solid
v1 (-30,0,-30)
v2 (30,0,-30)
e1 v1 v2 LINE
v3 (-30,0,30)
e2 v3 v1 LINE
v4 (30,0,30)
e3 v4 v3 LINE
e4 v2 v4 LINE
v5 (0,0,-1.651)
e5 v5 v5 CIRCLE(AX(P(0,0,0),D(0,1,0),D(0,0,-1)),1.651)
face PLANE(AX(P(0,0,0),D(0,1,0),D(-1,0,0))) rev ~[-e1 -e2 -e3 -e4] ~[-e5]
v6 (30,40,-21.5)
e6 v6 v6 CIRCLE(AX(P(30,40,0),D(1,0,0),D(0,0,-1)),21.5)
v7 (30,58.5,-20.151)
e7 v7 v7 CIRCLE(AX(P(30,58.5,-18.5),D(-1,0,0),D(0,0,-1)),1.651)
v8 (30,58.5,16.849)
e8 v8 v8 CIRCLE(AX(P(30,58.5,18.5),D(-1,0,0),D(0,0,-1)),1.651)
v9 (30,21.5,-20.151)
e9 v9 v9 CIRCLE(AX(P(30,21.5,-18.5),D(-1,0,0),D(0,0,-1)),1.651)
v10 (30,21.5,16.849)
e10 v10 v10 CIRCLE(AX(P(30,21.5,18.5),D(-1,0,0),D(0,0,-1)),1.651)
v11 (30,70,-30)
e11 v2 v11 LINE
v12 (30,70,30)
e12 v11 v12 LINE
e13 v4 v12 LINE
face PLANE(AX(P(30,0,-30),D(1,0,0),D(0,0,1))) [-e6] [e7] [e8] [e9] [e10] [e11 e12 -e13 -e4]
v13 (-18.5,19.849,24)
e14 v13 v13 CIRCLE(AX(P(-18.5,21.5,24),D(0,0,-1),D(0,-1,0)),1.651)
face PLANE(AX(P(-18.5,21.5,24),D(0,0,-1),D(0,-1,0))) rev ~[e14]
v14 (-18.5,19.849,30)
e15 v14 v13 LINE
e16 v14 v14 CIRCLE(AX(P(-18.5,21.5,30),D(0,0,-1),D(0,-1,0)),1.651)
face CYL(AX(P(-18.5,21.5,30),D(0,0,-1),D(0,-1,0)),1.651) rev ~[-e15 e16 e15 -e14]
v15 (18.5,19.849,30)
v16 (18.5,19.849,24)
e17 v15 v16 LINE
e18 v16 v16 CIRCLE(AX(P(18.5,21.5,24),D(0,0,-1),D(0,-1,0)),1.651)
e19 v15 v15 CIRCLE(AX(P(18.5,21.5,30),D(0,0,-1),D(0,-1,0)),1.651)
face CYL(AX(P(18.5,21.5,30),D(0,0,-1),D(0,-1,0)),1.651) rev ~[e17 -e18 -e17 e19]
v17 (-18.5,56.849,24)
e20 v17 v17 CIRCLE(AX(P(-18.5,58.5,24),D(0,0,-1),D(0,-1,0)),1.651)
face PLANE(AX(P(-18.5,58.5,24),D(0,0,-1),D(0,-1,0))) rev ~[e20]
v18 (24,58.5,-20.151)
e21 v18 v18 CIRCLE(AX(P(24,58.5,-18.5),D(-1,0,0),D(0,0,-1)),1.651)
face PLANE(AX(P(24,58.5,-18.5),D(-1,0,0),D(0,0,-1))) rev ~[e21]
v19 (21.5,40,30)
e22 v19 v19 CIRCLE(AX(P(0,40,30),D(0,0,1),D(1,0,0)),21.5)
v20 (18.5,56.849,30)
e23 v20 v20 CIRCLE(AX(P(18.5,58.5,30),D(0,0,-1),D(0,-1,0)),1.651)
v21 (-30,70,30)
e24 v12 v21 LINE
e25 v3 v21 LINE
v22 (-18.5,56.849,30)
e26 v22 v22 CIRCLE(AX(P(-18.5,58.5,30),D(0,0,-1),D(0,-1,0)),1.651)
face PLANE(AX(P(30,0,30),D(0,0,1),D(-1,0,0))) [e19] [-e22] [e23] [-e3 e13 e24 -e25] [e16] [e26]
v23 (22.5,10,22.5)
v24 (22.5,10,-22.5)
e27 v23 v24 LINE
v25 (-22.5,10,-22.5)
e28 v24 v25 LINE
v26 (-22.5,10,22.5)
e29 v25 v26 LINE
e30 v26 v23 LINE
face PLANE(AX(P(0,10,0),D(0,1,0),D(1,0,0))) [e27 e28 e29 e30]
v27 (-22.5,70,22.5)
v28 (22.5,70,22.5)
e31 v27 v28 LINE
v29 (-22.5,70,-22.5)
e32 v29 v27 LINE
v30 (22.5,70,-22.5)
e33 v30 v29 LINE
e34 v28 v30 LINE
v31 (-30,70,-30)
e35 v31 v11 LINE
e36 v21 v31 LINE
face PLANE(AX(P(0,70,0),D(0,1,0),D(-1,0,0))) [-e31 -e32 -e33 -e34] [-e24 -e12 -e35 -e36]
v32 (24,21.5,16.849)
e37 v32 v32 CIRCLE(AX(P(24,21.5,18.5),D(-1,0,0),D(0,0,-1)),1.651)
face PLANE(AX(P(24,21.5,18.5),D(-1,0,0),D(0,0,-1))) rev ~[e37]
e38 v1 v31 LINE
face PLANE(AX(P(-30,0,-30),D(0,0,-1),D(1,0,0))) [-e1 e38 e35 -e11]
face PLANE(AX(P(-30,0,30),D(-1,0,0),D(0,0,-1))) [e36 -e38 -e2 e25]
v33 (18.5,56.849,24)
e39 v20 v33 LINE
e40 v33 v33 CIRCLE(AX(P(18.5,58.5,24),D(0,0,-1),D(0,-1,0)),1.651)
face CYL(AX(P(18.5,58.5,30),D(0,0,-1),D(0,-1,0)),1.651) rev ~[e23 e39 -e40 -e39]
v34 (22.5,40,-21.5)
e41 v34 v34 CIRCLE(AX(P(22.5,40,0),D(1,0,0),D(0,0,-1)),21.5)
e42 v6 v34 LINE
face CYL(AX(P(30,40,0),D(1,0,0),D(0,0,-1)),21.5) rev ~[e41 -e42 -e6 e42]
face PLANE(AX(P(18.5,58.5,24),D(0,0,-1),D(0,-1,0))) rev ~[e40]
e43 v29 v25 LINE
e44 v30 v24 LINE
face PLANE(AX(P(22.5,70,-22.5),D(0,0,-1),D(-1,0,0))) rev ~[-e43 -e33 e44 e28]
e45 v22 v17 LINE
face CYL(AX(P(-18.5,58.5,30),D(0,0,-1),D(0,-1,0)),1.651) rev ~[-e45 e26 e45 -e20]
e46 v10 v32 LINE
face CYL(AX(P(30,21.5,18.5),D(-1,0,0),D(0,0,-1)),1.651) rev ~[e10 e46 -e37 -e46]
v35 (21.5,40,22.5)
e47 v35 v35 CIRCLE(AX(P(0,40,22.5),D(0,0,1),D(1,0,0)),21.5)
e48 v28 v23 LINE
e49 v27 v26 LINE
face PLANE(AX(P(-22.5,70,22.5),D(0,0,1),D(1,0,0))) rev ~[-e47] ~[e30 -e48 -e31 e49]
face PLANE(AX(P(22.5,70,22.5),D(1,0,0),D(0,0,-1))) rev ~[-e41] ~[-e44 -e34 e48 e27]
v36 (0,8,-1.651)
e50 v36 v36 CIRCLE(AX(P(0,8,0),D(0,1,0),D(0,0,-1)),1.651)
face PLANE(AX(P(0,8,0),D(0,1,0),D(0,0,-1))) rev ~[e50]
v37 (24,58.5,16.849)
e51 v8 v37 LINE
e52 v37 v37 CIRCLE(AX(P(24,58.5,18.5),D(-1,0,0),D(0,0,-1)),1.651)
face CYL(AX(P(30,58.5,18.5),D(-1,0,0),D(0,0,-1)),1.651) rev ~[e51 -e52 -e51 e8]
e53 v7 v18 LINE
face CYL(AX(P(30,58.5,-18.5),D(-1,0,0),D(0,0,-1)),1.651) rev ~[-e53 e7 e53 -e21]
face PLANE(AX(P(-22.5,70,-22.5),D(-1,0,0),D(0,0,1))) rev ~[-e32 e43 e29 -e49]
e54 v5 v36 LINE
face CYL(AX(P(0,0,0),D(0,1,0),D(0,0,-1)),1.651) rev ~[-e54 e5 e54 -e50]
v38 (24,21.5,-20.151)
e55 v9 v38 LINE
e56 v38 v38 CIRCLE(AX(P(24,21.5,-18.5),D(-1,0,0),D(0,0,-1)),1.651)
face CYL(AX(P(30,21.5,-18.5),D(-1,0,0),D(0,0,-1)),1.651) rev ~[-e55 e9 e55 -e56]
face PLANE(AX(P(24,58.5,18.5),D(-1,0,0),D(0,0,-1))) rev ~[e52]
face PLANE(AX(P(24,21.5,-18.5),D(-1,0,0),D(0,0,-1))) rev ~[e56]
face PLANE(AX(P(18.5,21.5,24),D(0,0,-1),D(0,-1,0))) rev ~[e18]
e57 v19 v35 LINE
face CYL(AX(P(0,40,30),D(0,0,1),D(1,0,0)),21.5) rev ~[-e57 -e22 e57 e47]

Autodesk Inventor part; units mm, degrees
ref_plane "YZ Plane" through (0, 0, 0) normal (1, 0, 0) x (0, 1, 0)
ref_plane "XZ Plane" through (0, 0, 0) normal (0, 1, 0) x (-1, 0, 0)
ref_plane "XY Plane" through (0, 0, 0) normal (0, 0, 1) x (1, 0, 0)
sketch "Sketch1" plane through (0, 0, 0) normal (0, 1, 0) x (-1, 0, 0)
  line L0 (-30, 30) -> (30, 30)
  line L1 (30, 30) -> (30, -30)
  line L2 (30, -30) -> (-30, -30)
  line L3 (-30, -30) -> (-30, 30)
  line L4 (-30, 30) -> (30, -30) construction
  line L5 (30, 30) -> (-30, -30) construction
  point P0 (0, 0)
  dimension "d0" = 60
  dimension "d1" = 60
extrude "Extrusion1" add sketch "Sketch1" along normal blind 70
sketch "Sketch2" plane through (0, 70, 0) normal (0, 1, 0) x (1, 0, 0)
  line L0 (22.5, 22.5) -> (-22.5, 22.5)
  line L1 (-22.5, 22.5) -> (-22.5, -22.5)
  line L2 (-22.5, -22.5) -> (22.5, -22.5)
  line L3 (22.5, -22.5) -> (22.5, 22.5)
  line L4 (22.5, 22.5) -> (-22.5, -22.5) construction
  line L5 (-22.5, 22.5) -> (22.5, -22.5) construction
  point P0 (0, 0)
  dimension "d4" = 45
  dimension "d5" = 45
extrude "Extrusion2" cut sketch "Sketch2" against normal blind 60
sketch "Sketch3" plane through (-30, 0, 30) normal (0, 0, 1) x (1, 0, 0)
  circle A0 centre (30, 40) radius 21.5
  point P0 (30, 0)
  dimension "d8" = 43
extrude "Extrusion3" cut sketch "Sketch3" against normal blind 15
sketch "Sketch4" plane through (30, 0, 30) normal (1, 0, 0) x (0, 0, -1)
  circle A0 centre (30, 40) radius 21.5
  point P0 (30, 0)
  dimension "d11" = 43
extrude "Extrusion4" cut sketch "Sketch4" against normal blind 15
sketch "Sketch5" plane through (0, 0, 0) normal (0, -1, 0) x (1, 0, 0)
  point P0 (0, 0)
  point P1 (0, 0)
hole "Hole1" at (0, 0, 0) direction (0, 1, 0) diameter 3.302 depth 8 thread size "8-32 UNC" class "2B" standard "ANSI Unified Screw Threads"
sketch "Sketch7" plane through (-30, 0, 30) normal (0, 0, 1) x (1, 0, 0)
  line L0 (11.5, 21.5) -> (48.5, 21.5)
  line L1 (48.5, 21.5) -> (48.5, 58.5)
  line L2 (48.5, 58.5) -> (11.5, 58.5)
  line L3 (11.5, 58.5) -> (11.5, 21.5)
  line L4 (11.5, 21.5) -> (48.5, 58.5) construction
  line L5 (48.5, 21.5) -> (11.5, 58.5) construction
  point P0 (30, 0)
  point P1 (30, 40)
  dimension "d21" = 37
  dimension "d22" = 37
hole "Hole2" at (-18.5, 58.5, 30) at (18.5, 58.5, 30) at (18.5, 21.5, 30) at (-18.5, 21.5, 30) direction (0, 0, -1) diameter 3.302 depth 6 thread size "8-32 UNC" class "2B" standard "ANSI Unified Screw Threads"
sketch "Sketch8" plane through (30, 0, 30) normal (1, 0, 0) x (0, 0, -1)
  line L0 (11.5, 21.5) -> (48.5, 21.5)
  line L1 (48.5, 21.5) -> (48.5, 58.5)
  line L2 (48.5, 58.5) -> (11.5, 58.5)
  line L3 (11.5, 58.5) -> (11.5, 21.5)
  line L4 (11.5, 21.5) -> (48.5, 58.5) construction
  line L5 (48.5, 21.5) -> (11.5, 58.5) construction
  point P0 (30, 0)
  point P1 (30, 40)
  dimension "d30" = 37
  dimension "d31" = 37
hole "Hole3" at (30, 58.5, 18.5) at (30, 58.5, -18.5) at (30, 21.5, 18.5) at (30, 21.5, -18.5) direction (-1, 0, 0) diameter 3.302 depth 6 thread size "8-32 UNC" class "2B" standard "ANSI Unified Screw Threads"
properties part number "immersion_chamber_bath"
